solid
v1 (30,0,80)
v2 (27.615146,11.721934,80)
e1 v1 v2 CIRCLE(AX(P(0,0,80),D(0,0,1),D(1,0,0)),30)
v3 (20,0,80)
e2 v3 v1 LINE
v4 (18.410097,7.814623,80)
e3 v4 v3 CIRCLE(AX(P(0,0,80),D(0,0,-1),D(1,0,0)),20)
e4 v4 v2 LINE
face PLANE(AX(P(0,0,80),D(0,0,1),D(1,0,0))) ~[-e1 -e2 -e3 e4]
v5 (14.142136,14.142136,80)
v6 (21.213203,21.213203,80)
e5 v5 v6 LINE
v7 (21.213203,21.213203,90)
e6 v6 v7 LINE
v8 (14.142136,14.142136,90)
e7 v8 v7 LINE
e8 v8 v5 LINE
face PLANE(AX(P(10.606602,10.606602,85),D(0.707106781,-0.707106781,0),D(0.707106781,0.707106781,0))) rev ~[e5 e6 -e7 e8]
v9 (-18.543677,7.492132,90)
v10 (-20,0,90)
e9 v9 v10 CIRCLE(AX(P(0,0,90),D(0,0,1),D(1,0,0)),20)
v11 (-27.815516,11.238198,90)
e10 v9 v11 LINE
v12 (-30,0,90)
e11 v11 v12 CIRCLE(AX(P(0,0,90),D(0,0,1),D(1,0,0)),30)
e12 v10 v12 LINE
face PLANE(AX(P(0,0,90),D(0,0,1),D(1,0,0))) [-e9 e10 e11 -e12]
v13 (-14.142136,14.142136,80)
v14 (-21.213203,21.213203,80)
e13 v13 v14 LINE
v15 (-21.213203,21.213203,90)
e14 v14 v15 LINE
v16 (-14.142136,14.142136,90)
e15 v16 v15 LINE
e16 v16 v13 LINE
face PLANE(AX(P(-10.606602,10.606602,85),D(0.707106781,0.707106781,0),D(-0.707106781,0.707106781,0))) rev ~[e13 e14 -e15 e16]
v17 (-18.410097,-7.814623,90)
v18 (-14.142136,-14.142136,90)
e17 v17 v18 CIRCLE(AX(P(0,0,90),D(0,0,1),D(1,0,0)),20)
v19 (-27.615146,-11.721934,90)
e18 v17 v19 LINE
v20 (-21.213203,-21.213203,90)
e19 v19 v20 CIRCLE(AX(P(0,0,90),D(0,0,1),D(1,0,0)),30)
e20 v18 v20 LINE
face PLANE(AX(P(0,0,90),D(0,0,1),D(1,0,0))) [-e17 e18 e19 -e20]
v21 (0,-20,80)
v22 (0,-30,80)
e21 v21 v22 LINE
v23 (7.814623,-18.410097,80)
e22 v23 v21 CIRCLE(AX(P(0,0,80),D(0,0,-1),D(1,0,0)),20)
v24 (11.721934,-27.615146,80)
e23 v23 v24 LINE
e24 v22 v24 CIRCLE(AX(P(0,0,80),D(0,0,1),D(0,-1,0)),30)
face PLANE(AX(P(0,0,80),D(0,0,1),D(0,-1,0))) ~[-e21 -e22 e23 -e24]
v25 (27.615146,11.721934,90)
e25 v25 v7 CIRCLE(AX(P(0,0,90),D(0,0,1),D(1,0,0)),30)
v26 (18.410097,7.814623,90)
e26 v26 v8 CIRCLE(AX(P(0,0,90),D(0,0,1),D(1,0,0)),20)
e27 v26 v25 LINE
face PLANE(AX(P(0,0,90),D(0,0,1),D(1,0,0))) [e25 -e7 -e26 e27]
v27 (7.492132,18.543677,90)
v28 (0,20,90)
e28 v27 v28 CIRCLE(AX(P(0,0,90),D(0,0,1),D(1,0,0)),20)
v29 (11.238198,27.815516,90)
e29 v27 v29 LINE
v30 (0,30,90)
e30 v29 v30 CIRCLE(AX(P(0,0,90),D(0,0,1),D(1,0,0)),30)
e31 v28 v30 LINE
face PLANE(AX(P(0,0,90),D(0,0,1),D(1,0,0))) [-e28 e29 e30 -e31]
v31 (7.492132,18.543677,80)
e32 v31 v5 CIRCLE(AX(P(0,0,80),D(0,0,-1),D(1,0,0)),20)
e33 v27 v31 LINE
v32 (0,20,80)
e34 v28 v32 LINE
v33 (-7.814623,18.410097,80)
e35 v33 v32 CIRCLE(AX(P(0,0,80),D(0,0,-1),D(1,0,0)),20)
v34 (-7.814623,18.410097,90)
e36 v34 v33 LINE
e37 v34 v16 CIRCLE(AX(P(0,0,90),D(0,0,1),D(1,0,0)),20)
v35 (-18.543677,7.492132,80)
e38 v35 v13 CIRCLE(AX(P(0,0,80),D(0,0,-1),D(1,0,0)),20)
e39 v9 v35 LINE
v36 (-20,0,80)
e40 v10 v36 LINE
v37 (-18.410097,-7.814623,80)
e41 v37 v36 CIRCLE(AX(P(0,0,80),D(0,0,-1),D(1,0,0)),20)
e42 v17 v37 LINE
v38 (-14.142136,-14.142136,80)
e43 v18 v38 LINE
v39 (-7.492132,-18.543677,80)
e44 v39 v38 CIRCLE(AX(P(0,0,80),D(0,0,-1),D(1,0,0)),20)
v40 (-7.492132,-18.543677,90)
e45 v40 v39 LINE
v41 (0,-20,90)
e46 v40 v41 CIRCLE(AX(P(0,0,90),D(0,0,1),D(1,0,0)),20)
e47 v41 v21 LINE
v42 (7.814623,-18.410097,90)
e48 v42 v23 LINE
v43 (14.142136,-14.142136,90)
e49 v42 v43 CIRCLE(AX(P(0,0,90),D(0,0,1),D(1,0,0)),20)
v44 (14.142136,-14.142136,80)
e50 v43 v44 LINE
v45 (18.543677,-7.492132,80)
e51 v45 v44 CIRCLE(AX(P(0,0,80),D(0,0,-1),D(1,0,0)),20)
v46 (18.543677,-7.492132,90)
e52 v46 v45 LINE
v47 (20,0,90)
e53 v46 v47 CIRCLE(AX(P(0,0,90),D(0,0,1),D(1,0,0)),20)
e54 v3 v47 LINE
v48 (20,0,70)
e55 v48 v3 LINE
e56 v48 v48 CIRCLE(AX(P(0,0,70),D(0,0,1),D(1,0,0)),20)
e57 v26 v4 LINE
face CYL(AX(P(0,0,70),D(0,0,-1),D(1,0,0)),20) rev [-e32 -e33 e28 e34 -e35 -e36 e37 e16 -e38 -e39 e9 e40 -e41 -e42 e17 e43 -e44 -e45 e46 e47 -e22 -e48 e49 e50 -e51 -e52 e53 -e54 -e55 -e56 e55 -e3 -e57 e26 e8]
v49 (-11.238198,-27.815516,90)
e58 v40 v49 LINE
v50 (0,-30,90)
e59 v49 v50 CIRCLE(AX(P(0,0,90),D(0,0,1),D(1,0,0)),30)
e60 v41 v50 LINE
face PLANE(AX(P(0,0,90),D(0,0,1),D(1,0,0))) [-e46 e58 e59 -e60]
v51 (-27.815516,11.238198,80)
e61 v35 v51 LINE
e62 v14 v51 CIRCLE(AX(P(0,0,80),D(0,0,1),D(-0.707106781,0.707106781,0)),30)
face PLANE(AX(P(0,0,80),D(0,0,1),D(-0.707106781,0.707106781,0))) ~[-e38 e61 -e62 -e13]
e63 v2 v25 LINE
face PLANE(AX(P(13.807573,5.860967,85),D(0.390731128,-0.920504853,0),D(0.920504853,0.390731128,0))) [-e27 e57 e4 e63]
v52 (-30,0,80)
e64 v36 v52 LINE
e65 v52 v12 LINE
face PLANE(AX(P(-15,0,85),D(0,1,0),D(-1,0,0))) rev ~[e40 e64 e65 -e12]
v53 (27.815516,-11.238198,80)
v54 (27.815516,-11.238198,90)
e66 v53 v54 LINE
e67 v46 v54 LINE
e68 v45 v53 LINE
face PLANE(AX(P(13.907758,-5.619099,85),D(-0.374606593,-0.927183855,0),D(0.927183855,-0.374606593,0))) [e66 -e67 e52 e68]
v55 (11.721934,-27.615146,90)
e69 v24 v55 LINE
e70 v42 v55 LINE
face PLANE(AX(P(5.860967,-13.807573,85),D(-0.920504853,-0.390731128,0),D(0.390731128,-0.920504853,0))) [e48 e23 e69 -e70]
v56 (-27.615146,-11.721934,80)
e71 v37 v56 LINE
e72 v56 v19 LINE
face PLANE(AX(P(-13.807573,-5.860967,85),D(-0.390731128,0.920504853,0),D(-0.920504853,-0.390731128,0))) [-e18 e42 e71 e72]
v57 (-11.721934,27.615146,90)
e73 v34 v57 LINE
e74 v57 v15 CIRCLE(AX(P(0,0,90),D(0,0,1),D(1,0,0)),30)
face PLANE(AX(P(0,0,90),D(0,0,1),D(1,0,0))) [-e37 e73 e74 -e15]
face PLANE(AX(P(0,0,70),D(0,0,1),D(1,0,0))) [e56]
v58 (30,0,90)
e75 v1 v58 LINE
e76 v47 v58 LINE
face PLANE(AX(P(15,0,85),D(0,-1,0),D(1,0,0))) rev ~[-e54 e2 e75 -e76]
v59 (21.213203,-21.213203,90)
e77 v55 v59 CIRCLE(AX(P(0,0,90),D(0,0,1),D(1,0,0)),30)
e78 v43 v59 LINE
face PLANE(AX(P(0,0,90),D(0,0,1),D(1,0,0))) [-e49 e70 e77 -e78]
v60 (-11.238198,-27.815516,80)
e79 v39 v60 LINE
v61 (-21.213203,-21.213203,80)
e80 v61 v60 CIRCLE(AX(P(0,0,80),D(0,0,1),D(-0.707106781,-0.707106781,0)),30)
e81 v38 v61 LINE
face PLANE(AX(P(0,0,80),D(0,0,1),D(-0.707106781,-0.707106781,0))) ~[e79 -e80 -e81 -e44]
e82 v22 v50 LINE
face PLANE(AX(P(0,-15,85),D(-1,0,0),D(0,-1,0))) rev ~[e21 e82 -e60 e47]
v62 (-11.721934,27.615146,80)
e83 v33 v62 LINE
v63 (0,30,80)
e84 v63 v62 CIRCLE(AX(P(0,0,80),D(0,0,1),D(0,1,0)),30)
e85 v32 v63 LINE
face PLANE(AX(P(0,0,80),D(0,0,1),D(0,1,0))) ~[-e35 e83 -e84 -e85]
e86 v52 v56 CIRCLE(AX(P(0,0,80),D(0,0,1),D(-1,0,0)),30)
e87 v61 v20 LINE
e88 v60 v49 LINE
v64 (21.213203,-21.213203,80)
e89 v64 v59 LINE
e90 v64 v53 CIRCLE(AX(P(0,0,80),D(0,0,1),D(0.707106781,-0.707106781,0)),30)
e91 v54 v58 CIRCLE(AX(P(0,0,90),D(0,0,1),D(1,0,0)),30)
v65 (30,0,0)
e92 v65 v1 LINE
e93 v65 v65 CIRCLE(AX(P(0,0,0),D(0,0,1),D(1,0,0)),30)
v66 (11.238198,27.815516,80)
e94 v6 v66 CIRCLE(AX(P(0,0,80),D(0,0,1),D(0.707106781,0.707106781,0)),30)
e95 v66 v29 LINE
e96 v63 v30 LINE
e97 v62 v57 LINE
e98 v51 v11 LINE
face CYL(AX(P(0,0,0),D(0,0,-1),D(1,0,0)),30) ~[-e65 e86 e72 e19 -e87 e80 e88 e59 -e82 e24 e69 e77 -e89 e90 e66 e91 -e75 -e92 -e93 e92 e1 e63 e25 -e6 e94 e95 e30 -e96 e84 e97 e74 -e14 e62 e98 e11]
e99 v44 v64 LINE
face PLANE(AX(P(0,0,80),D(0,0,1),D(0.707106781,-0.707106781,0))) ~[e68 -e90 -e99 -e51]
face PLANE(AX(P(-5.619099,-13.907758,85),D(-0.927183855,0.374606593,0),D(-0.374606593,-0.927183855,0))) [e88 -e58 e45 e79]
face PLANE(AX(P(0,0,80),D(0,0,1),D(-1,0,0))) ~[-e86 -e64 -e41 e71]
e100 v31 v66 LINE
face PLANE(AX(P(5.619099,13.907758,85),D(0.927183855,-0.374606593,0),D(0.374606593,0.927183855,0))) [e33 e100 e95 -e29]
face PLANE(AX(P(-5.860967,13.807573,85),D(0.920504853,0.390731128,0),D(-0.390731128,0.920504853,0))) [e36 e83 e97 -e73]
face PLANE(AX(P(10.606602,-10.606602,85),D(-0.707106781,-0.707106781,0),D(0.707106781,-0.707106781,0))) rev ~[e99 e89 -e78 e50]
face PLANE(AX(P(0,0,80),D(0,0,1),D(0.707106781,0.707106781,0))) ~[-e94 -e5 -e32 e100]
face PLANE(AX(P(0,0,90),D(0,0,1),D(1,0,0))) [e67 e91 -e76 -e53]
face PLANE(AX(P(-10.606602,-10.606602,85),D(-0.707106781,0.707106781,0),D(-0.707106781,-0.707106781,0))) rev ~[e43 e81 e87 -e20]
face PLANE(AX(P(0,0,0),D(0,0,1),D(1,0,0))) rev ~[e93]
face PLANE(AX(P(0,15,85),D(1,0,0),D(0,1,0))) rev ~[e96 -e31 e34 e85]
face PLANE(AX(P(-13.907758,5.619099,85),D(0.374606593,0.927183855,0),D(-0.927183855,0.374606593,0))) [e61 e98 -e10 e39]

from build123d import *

# Parameters (mm, degrees)
CYLINDER002_R     = 20
CYLINDER002_DEPTH = 20
CYLINDER001_W     = 30
CYLINDER001_H     = 10
CYLINDER001_ANGLE = 23
ARRAY_COUNT       = 8
CYLINDER_R        = 30
CYLINDER_DEPTH    = 90


with BuildPart() as cylinder002:
    # Cylinder002 → Cylinder002 (new body)
    with BuildSketch(Plane.XY.offset(70)):
        Circle(CYLINDER002_R)
    extrude(amount=CYLINDER002_DEPTH)


with BuildPart() as array:
    # Cylinder001 → Cylinder001 (revolve)
    with BuildSketch(Plane(origin=(0, 0, 80), x_dir=(1, 0, 0), z_dir=(0, -1, 0))):
        with Locations((15, 5)):
            Rectangle(CYLINDER001_W, CYLINDER001_H)
    revolve(axis=Axis((0, 0, 80), (0, 0, 1)), revolution_arc=CYLINDER001_ANGLE)

    # Array: Array ×8 about axis
    array_axis = Axis((0, 0, 0), (0, 0, 1))


with BuildPart() as array_1:
    add(array.part)
    for i in range(1, ARRAY_COUNT):
        add(array.part.rotate(array_axis, i * 360 / ARRAY_COUNT))


with BuildPart() as cut001:
    # Cylinder → Cylinder (new body)
    with BuildSketch(Plane.XY):
        Circle(CYLINDER_R)
    extrude(amount=CYLINDER_DEPTH)

    # Cut: cut Array
    add(array_1.part, mode=Mode.SUBTRACT)

    # Cut001: cut Cylinder002
    add(cylinder002.part, mode=Mode.SUBTRACT)


solid = cut001.part
